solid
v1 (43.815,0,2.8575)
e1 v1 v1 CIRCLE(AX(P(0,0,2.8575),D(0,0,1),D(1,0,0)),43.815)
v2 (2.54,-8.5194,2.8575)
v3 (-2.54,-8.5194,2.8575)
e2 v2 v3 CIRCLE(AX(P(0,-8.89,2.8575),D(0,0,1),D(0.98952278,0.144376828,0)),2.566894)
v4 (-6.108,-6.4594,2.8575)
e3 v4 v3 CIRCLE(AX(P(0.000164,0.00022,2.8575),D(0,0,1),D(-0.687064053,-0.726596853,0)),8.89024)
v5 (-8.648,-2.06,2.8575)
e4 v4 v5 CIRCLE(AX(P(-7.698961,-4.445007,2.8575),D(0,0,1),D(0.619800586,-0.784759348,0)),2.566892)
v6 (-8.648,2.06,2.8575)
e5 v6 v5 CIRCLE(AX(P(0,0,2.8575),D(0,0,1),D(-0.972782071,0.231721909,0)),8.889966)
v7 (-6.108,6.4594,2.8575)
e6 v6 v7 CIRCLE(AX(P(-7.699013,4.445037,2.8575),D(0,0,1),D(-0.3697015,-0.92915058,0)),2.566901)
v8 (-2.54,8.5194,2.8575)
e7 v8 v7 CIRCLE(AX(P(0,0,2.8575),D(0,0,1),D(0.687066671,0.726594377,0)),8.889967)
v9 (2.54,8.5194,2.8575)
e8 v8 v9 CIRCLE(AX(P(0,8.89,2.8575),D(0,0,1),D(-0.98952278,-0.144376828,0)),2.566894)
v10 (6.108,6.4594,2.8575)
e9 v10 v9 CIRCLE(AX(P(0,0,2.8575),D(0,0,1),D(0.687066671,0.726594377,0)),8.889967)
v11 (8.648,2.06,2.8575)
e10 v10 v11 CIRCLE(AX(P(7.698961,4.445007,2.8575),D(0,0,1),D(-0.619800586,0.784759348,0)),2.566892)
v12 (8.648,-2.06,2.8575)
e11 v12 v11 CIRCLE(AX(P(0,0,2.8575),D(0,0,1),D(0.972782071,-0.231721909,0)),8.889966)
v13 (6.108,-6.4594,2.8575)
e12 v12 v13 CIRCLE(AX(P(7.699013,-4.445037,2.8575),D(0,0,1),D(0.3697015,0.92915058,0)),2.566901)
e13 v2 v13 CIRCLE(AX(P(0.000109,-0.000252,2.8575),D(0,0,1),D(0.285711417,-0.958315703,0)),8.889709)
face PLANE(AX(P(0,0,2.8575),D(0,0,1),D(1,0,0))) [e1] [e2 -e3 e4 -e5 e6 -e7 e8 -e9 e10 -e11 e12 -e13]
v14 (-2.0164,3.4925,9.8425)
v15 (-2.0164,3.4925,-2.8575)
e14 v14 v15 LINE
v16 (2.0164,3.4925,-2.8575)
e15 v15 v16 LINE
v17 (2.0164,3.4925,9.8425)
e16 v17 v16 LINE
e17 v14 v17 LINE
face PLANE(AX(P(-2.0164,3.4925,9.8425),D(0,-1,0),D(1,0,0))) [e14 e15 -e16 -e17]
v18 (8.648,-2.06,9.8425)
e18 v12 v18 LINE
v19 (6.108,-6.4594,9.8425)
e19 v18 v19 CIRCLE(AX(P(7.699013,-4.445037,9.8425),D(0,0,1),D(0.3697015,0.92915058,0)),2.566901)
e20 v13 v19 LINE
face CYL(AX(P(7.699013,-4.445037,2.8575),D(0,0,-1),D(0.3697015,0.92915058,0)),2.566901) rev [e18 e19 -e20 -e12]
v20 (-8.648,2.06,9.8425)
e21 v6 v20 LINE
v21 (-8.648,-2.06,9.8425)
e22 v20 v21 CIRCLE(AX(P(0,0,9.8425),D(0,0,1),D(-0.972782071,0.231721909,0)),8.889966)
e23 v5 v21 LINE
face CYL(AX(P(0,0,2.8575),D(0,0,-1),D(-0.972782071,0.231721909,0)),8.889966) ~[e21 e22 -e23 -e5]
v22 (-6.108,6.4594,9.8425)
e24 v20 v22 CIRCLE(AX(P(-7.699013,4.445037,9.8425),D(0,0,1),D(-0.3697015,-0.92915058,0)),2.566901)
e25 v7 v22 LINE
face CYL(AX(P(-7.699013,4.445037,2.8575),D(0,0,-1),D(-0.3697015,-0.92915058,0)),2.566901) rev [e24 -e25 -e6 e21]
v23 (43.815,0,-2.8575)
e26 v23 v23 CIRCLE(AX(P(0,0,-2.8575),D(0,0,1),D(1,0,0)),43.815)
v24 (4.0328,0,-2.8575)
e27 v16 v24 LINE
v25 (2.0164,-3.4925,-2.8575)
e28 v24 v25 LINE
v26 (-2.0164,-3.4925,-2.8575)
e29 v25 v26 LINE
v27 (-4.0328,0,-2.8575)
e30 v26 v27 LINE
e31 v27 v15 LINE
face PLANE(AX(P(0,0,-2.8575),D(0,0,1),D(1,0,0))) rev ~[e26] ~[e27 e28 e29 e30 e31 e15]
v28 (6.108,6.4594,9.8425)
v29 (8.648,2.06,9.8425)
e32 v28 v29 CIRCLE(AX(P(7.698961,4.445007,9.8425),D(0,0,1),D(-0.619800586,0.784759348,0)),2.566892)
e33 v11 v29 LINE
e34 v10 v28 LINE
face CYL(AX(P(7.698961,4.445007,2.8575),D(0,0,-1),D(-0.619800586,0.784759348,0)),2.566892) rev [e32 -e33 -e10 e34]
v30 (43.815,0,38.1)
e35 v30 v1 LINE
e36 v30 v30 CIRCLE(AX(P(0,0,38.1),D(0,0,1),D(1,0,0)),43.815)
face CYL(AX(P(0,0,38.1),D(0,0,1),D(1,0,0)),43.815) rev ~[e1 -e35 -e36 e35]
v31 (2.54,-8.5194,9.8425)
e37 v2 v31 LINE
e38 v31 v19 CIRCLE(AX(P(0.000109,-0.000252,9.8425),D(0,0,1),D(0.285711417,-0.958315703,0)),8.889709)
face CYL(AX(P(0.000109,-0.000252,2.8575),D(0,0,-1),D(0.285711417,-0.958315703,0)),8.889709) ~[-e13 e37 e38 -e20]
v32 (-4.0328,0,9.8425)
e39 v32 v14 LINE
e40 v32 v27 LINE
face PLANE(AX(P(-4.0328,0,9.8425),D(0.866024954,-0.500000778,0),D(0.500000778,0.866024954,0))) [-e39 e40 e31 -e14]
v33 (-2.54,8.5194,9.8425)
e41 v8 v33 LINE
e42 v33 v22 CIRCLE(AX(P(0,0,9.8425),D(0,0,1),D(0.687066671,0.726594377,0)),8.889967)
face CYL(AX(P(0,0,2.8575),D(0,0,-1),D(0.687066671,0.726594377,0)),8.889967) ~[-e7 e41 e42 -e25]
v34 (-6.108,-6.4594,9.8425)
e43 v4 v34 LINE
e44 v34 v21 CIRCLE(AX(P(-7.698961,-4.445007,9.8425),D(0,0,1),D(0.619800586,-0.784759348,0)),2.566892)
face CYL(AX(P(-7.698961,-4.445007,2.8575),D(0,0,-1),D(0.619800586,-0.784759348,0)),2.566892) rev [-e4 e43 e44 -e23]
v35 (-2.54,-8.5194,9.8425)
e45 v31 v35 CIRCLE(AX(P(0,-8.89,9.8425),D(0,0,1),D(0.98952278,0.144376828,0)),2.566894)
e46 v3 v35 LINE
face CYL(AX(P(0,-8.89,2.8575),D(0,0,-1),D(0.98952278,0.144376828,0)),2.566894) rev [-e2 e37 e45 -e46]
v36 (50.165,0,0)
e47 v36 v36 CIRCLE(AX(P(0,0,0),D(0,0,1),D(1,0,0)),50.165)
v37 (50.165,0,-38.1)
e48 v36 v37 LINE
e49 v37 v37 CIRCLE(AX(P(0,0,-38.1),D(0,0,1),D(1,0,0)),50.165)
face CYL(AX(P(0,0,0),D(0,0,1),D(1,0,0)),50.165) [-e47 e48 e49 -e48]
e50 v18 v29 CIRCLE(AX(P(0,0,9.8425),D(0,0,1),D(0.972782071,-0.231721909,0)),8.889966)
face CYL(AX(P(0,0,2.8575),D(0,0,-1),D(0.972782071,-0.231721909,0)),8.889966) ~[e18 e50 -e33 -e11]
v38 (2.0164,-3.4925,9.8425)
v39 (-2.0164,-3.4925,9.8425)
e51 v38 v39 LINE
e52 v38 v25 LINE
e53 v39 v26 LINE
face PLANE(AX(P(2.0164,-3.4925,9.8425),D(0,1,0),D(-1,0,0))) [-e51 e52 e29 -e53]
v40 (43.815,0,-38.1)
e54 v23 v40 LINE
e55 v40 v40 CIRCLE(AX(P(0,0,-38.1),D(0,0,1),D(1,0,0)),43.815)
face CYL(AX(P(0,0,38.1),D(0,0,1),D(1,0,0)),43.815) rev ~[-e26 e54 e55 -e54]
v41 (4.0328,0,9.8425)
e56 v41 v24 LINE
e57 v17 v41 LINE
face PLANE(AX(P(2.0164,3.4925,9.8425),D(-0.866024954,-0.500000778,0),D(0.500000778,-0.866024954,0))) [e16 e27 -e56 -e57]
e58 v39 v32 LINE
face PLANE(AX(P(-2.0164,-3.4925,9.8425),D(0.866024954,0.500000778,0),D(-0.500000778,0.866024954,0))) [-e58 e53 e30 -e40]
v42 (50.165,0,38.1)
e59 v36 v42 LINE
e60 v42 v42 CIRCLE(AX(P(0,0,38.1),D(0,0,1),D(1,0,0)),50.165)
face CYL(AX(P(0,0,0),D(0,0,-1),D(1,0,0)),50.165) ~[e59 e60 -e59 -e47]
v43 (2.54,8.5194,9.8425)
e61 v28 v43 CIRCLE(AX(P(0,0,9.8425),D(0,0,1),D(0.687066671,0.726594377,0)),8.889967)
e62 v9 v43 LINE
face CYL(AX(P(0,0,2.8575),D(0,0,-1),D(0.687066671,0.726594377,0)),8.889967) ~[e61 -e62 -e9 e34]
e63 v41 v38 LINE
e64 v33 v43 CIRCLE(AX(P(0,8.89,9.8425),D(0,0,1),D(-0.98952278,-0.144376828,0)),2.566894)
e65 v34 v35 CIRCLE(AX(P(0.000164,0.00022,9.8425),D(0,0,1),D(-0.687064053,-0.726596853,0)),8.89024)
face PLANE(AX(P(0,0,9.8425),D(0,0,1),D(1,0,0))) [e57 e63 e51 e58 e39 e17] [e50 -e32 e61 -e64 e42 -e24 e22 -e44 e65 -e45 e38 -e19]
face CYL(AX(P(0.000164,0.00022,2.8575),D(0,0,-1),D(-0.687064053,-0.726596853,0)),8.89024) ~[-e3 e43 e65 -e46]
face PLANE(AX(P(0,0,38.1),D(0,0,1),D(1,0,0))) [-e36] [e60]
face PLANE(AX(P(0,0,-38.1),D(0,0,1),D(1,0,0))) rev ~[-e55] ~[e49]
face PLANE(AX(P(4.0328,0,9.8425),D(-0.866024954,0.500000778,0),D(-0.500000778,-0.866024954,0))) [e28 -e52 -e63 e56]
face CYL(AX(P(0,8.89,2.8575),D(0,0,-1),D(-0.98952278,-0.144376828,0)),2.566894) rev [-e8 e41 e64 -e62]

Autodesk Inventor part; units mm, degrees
ref_plane "YZ Plane" through (0, 0, 0) normal (1, 0, 0) x (0, 1, 0)
ref_plane "XZ Plane" through (0, 0, 0) normal (0, 1, 0) x (-1, 0, 0)
ref_plane "XY Plane" through (0, 0, 0) normal (0, 0, 1) x (1, 0, 0)
sketch "Sketch1" plane through (0, 0, 0) normal (0, 0, 1) x (1, 0, 0)
  circle A0 centre (0, 0) radius 50.165
  dimension "d0" = 100.33
extrude "Extrusion1" add sketch "Sketch1" along normal mid plane 76.2
sketch "Sketch2" plane through (0, 0, 38.1) normal (0, 0, 1) x (1, 0, 0)
  circle A0 centre (0, 0) radius 43.815
  dimension "d3" = 87.63
extrude "Extrusion2" cut sketch "Sketch2" against normal through all
sketch "Sketch3" plane through (0, 0, 0) normal (0, 0, 1) x (1, 0, 0)
  circle A0 centre (0, 0) radius 43.815 projected
  circle A1 centre (0, 0) radius 43.815
extrude "Extrusion3" add sketch "Sketch3" along normal mid plane 5.715
sketch "Sketch4" plane through (0, 0, 2.8575) normal (0, 0, 1) x (1, 0, 0)
  arc A0 (-8.648, 2.06) -> (-8.648, -2.06) centre (0, 0) ccw
  arc A1 (-2.54, 8.5194) -> (2.54, 8.5194) centre (0, 8.89) ccw
  line L0 (0, 0) -> (0, 8.89) construction
  line L1 (-2.54, 8.5194) -> (2.54, 8.5194) construction
  arc A2 (-8.648, 2.06) -> (-6.108, 6.4594) centre (-7.699, 4.445) ccw
  arc A3 (-6.108, -6.4594) -> (-8.648, -2.06) centre (-7.699, -4.445) ccw
  arc A4 (2.54, -8.5194) -> (-2.54, -8.5194) centre (0, -8.89) ccw
  arc A5 (8.648, -2.06) -> (6.108, -6.4594) centre (7.699, -4.445) ccw
  arc A6 (6.108, 6.4594) -> (8.648, 2.06) centre (7.699, 4.445) ccw
  arc A7 (-6.108, 6.4594) -> (-8.648, 2.06) centre (0, 0) ccw construction
  arc A8 (8.648, 2.06) -> (6.108, 6.4594) centre (0, 0) ccw construction
  arc A9 (6.108, 6.4594) -> (-6.108, 6.4594) centre (0, 0) ccw
  arc A10 (8.648, -2.06) -> (8.648, 2.06) centre (0, 0) ccw
  arc A11 (6.108, -6.4594) -> (8.648, -2.06) centre (0, 0) ccw construction
  arc A12 (2.54, -8.5194) -> (6.108, -6.4594) centre (0, 0) ccw
  arc A13 (-2.54, -8.5194) -> (2.54, -8.5194) centre (0, 0) ccw construction
  arc A14 (-6.108, -6.4594) -> (-2.54, -8.5194) centre (0, 0) ccw
  arc A15 (-8.648, -2.06) -> (-6.108, -6.4594) centre (0, 0) ccw construction
  dimension "d8" = 17.78
  dimension "d10" = 5.08
  dimension "d13" = 360
extrude "Extrusion4" add sketch "Sketch4" along normal blind 6.985 contours A2 A9 A1 A6 A10 A5 A12 A4 A14 A3 A0
sketch "Sketch5" plane through (0, 0, 9.8425) normal (0, 0, 1) x (1, 0, 0)
  line L0 (-2.0164, 3.4925) -> (2.0164, 3.4925)
  line L1 (2.0164, 3.4925) -> (4.0328, 0)
  line L2 (4.0328, 0) -> (2.0164, -3.4925)
  line L3 (2.0164, -3.4925) -> (-2.0164, -3.4925)
  line L4 (-2.0164, -3.4925) -> (-4.0328, 0)
  line L5 (-4.0328, 0) -> (-2.0164, 3.4925)
  point P0 (0, 0)
  point P1 (0, 0)
  dimension "d17" = 6.985
extrude "Extrusion5" cut sketch "Sketch5" against normal through all
properties part number "Wheel_Rim"
